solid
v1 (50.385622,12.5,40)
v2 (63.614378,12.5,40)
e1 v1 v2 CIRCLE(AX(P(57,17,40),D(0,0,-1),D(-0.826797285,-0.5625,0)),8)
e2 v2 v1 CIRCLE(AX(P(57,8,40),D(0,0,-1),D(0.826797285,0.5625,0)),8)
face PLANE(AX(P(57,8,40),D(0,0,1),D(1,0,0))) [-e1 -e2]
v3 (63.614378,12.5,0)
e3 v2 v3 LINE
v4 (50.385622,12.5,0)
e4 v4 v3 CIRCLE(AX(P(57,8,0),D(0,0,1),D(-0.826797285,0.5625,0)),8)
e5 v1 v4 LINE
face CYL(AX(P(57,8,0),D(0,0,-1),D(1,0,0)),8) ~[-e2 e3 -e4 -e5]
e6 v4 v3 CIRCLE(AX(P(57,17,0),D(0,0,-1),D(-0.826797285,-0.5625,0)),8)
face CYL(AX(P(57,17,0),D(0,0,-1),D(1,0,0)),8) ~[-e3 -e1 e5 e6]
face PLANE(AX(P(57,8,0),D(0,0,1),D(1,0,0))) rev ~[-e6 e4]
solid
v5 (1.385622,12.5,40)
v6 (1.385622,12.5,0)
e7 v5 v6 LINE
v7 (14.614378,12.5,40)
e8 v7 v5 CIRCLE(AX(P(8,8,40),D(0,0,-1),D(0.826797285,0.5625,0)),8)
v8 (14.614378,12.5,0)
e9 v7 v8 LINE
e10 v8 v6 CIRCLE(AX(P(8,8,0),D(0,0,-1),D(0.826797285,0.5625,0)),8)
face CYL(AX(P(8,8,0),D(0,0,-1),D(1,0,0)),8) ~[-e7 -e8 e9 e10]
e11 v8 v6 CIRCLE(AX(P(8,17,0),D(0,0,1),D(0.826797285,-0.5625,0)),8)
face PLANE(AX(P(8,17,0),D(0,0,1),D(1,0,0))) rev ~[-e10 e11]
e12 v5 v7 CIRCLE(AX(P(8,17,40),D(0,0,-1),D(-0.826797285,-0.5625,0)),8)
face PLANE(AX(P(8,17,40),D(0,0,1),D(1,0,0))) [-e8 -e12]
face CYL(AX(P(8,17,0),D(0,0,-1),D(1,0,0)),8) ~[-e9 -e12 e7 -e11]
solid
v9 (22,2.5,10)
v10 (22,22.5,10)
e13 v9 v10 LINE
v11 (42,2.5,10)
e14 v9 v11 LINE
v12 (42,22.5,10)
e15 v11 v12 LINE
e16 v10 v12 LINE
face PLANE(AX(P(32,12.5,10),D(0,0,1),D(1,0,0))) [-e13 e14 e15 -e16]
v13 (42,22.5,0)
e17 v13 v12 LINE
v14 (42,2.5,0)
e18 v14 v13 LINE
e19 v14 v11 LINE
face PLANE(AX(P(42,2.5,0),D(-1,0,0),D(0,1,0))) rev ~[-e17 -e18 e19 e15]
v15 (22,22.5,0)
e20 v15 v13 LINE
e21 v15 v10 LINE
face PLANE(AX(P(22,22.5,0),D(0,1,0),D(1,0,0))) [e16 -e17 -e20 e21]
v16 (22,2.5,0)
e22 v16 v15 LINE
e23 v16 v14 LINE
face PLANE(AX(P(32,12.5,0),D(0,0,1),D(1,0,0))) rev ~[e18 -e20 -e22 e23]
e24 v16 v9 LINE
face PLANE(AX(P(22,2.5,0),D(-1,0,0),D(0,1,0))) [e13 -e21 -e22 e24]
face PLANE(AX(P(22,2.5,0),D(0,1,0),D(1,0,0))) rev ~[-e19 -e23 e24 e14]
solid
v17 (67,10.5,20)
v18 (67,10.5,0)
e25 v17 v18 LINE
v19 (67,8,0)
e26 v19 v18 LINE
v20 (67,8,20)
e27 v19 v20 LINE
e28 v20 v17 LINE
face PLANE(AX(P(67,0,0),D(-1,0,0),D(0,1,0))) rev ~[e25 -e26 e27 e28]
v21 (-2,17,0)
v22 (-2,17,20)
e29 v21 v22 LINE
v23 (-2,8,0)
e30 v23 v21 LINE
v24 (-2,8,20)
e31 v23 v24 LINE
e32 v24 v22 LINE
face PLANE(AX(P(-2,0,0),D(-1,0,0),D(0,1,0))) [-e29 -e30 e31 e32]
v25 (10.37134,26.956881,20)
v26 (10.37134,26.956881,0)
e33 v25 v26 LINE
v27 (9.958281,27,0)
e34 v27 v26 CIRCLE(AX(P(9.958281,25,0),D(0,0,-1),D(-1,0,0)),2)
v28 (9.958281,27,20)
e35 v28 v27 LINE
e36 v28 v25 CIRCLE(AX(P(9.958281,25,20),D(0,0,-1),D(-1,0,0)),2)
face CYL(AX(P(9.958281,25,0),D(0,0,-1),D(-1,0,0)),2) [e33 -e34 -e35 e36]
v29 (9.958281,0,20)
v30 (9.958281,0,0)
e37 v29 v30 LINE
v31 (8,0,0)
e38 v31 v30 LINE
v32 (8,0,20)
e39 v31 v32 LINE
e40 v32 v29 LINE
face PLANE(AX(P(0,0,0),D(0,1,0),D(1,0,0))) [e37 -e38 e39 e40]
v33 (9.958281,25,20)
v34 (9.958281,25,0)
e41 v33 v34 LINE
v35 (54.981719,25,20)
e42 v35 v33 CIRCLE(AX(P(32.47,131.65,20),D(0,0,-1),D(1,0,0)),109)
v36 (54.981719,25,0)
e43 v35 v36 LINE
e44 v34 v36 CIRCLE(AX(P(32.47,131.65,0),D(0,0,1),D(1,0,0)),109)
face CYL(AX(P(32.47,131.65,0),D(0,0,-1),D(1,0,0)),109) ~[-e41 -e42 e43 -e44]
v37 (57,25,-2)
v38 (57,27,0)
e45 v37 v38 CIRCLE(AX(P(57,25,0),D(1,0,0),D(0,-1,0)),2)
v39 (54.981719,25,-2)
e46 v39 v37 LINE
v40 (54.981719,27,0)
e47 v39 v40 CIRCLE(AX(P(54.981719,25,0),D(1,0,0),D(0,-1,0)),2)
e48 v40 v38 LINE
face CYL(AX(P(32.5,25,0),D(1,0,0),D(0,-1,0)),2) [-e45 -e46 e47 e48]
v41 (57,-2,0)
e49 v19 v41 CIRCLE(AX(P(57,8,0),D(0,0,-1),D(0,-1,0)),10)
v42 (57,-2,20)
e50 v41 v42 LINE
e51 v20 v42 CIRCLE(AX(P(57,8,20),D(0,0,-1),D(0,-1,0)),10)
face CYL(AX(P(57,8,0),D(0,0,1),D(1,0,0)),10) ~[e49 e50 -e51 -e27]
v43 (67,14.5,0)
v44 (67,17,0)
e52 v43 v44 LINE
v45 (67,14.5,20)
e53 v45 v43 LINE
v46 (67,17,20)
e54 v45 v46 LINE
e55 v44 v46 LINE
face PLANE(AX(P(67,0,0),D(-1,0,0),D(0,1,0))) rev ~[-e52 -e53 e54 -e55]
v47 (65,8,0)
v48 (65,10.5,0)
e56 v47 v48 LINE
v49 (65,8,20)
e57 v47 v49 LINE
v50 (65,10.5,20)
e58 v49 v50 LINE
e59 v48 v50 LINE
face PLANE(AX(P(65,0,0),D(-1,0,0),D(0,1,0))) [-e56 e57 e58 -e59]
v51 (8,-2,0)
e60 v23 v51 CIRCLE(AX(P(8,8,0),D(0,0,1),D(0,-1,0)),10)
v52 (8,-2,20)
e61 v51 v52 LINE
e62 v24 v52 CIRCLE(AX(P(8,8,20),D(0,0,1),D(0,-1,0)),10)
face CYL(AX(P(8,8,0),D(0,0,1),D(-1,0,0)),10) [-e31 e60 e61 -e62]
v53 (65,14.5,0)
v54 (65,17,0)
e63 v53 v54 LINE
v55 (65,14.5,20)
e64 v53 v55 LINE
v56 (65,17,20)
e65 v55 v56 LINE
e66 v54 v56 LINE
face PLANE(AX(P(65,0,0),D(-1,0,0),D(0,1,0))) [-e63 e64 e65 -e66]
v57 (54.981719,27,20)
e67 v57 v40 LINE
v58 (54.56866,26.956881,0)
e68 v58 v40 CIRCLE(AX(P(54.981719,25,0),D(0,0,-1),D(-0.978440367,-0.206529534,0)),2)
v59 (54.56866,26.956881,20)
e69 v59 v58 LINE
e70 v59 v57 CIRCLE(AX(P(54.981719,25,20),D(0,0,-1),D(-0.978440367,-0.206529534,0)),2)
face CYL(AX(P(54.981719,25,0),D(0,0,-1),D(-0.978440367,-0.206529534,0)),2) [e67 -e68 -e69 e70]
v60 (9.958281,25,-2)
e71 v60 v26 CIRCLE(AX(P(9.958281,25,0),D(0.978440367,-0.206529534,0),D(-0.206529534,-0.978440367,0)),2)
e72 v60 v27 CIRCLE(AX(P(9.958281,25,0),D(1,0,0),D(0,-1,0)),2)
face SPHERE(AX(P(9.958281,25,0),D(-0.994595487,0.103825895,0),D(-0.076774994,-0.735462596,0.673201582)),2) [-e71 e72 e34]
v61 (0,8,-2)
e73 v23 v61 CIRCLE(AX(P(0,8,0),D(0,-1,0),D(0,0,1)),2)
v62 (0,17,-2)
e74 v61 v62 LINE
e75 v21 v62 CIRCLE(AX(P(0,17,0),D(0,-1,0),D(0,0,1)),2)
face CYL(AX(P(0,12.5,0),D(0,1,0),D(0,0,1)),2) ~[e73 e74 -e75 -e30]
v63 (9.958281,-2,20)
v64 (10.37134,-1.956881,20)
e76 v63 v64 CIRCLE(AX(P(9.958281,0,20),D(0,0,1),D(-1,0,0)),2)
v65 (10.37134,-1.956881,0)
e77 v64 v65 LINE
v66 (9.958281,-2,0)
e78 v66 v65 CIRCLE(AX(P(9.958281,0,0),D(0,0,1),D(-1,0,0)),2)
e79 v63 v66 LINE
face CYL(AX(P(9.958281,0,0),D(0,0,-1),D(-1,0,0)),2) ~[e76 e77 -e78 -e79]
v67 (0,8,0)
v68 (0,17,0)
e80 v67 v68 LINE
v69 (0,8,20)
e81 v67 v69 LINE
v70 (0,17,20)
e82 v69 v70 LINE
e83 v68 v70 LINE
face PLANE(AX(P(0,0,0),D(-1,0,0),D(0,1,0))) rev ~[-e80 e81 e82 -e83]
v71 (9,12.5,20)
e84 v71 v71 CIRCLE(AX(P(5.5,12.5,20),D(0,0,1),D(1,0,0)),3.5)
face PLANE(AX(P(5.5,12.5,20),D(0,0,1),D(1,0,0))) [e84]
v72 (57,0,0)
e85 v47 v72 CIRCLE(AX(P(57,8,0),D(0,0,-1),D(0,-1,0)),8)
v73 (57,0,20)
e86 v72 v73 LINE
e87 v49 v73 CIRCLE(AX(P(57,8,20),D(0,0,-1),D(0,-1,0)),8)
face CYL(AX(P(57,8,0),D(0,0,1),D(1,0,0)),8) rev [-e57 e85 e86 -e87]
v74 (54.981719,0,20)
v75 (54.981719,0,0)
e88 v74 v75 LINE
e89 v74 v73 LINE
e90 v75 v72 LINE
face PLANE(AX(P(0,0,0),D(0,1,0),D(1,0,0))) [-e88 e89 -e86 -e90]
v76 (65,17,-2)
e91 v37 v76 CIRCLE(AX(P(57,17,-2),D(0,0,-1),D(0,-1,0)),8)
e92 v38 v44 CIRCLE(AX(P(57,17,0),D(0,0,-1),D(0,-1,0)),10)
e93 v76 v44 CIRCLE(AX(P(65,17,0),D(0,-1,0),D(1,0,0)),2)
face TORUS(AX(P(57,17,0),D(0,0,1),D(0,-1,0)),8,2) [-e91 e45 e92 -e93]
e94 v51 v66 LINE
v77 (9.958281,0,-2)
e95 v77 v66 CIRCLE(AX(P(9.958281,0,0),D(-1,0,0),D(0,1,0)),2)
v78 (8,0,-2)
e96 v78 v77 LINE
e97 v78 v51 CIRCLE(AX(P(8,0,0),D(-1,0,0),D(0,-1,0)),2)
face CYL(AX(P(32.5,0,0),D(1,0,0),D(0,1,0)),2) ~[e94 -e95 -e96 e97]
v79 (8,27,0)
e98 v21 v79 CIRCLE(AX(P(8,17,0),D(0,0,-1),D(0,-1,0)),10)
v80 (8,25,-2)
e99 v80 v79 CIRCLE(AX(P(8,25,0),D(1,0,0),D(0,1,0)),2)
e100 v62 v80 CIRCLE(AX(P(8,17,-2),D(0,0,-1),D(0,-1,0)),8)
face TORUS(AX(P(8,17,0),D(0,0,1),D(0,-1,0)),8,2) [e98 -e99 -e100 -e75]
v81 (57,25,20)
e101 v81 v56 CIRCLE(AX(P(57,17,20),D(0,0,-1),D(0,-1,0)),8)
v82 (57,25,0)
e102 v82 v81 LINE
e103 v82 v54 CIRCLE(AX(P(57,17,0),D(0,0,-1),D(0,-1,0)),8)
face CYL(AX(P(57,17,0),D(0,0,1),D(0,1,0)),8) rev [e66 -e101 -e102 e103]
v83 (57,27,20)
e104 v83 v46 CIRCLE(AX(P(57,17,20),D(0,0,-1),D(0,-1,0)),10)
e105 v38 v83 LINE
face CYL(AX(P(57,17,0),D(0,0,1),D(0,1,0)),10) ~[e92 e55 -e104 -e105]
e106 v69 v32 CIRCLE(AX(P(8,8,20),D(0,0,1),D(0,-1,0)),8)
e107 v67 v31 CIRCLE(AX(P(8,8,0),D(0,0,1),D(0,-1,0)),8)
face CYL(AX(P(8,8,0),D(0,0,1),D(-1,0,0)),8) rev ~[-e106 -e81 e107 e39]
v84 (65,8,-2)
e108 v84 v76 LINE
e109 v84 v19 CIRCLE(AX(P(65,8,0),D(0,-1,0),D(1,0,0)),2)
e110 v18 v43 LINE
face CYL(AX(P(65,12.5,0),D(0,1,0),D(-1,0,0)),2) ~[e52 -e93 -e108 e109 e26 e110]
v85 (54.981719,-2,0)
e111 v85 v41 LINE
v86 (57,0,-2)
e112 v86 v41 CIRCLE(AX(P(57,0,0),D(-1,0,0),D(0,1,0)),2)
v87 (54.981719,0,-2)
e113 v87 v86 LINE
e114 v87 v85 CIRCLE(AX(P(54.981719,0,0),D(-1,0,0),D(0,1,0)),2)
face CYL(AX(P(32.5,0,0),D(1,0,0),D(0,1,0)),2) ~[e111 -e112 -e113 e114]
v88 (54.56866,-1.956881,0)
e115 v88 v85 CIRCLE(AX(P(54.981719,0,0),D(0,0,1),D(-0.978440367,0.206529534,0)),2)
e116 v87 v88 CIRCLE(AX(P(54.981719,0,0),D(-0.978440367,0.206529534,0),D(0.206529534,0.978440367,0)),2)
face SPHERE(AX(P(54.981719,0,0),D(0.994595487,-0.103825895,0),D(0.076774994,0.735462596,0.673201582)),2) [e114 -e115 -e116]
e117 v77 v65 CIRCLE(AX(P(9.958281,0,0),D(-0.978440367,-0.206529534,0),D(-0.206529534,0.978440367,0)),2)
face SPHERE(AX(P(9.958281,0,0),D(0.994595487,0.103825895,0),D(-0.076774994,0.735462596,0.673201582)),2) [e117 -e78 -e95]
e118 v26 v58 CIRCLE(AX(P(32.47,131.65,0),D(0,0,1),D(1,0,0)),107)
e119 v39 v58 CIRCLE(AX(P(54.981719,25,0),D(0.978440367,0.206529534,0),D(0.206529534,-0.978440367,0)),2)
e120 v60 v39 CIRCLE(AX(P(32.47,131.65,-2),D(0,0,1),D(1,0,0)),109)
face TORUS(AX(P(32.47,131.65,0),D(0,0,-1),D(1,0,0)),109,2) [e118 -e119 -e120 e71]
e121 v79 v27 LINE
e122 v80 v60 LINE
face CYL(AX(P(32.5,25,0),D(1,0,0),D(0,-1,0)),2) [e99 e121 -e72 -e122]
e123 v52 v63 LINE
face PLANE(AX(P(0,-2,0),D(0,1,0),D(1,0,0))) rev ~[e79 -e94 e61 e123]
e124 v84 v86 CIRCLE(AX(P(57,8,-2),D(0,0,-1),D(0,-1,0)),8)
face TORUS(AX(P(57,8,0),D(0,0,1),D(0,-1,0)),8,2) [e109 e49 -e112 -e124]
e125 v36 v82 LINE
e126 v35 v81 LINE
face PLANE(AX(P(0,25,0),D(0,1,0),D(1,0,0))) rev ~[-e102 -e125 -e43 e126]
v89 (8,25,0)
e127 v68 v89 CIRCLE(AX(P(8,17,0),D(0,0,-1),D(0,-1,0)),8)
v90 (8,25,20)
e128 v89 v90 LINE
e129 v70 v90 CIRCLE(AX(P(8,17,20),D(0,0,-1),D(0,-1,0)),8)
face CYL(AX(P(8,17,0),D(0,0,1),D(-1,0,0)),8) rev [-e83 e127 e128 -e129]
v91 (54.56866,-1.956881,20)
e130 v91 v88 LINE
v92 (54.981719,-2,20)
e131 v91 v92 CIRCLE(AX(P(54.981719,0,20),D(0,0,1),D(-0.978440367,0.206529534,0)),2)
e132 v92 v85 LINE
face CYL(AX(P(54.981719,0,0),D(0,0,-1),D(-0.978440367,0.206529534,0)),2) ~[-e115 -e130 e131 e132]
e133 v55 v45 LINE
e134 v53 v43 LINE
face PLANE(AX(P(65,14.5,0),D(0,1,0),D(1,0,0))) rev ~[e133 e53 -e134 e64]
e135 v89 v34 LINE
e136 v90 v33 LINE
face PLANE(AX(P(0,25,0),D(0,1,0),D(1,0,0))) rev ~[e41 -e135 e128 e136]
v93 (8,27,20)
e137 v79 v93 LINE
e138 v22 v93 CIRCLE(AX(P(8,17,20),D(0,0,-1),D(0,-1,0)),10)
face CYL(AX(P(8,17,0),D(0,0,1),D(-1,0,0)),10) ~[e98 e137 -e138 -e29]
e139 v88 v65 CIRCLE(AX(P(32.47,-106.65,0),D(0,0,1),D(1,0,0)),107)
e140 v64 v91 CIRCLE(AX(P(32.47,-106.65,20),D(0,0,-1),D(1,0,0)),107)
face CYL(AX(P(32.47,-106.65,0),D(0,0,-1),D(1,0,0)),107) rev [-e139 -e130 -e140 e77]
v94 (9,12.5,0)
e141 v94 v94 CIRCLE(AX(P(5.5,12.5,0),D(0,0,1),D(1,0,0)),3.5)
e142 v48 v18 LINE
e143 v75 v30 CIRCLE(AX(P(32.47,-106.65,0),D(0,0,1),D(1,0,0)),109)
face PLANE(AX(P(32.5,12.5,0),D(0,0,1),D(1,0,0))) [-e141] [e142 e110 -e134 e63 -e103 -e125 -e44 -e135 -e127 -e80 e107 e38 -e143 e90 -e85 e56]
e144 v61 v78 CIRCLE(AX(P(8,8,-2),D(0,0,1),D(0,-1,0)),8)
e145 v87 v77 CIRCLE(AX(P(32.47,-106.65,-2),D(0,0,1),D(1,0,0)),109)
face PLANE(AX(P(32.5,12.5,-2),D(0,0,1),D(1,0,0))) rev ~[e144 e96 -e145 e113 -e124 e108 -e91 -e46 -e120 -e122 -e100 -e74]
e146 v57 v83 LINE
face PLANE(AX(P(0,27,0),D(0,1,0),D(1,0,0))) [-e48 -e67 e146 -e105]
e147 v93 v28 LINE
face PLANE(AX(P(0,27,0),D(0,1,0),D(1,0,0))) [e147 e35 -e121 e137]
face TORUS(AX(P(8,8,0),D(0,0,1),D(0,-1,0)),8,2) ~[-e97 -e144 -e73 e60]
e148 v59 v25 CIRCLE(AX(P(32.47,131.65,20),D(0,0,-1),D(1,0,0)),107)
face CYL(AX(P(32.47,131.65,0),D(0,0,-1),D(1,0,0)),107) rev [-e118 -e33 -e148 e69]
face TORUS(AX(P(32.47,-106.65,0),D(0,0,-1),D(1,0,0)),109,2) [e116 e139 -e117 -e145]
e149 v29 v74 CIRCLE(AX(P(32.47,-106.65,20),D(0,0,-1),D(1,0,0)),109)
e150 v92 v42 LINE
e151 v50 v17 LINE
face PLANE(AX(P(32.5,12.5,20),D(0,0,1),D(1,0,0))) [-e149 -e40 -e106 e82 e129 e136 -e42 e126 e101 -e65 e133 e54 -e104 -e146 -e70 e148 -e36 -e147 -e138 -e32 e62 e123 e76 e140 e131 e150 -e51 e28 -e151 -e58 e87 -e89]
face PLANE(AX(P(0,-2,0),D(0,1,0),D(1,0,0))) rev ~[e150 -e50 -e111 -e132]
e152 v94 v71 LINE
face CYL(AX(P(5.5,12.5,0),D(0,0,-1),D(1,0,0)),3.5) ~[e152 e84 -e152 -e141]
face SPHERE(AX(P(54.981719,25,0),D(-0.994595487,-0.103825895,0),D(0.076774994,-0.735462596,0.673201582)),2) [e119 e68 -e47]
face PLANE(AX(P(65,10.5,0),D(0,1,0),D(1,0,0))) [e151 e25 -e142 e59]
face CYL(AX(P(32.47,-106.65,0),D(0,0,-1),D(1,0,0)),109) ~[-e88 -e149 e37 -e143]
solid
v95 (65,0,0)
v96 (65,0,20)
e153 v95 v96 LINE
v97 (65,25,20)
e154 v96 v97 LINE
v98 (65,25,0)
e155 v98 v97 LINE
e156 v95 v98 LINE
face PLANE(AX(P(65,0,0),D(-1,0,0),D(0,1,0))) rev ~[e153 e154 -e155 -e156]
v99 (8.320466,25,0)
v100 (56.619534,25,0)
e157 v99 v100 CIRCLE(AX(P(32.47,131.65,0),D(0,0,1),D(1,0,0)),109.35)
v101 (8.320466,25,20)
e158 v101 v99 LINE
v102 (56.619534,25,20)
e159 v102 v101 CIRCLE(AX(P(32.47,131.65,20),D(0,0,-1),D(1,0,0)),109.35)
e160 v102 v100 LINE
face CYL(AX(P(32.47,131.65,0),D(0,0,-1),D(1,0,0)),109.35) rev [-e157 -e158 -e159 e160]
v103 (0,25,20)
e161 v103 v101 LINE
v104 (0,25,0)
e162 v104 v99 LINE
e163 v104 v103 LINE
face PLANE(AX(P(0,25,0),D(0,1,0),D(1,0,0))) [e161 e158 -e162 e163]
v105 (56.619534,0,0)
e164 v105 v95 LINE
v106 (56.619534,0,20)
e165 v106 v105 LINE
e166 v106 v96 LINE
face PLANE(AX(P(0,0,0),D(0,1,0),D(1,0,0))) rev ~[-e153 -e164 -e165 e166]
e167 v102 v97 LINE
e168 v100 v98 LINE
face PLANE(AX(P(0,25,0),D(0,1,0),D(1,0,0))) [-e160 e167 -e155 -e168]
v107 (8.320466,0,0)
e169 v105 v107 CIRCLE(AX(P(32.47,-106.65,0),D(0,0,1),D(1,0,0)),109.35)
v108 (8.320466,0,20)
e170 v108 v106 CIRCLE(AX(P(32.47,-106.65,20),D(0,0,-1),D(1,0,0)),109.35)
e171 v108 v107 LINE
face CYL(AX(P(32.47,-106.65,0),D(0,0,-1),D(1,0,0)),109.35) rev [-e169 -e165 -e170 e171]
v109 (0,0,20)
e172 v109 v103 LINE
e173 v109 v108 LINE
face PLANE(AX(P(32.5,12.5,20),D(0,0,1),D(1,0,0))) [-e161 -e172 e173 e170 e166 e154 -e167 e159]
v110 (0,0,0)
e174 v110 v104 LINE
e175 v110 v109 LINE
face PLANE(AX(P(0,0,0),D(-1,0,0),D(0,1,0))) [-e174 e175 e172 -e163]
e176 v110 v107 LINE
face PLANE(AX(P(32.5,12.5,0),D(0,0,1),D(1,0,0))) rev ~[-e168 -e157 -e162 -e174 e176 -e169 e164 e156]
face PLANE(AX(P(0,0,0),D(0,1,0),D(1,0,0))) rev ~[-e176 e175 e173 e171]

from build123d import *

# Parameters (mm, degrees)
CYLINDER001_R     = 8
CYLINDER001_DEPTH = 40
CYLINDER_R        = 8
CYLINDER_DEPTH    = 40
CYLINDER003_R     = 8
CYLINDER003_DEPTH = 40
CYLINDER002_R     = 8
CYLINDER002_DEPTH = 40
CYLINDER007_R     = 109.35
CYLINDER007_DEPTH = 40
CYLINDER006_R     = 109.35
CYLINDER006_DEPTH = 40
BOX001_W          = 65
BOX001_H          = 25
BOX001_DEPTH      = 20
BOX003_W          = 20
BOX003_H          = 20
BOX003_DEPTH      = 10
CYLINDER008_R     = 3.5
CYLINDER008_DEPTH = 20
BOX002_W          = 5
BOX002_H          = 4
BOX002_DEPTH      = 20
CYLINDER004_R     = 109
CYLINDER004_DEPTH = 40
CYLINDER005_R     = 109
CYLINDER005_DEPTH = 40
BOX_W             = 65
BOX_H             = 25
BOX_DEPTH         = 20
FILLET_R          = 8
THICKNESS_T       = 2


with BuildPart() as cilindro_alto_izq:
    # Cylinder001 → Cylinder001 (new body)
    with BuildSketch(Plane(origin=(8, 17, 0), x_dir=(1, 0, 0), z_dir=(0, 0, 1))):
        Circle(CYLINDER001_R)
    extrude(amount=CYLINDER001_DEPTH)


with BuildPart() as fusion_cilindros_izq:
    # Cylinder → Cylinder (new body)
    with BuildSketch(Plane(origin=(8, 8, 0), x_dir=(1, 0, 0), z_dir=(0, 0, 1))):
        Circle(CYLINDER_R)
    extrude(amount=CYLINDER_DEPTH)

    # Fusion: union Cilindro_alto_izq
    add(cilindro_alto_izq.part)


with BuildPart() as cilindro_baj_der:
    # Cylinder003 → Cylinder003 (new body)
    with BuildSketch(Plane(origin=(57, 8, 0), x_dir=(1, 0, 0), z_dir=(0, 0, 1))):
        Circle(CYLINDER003_R)
    extrude(amount=CYLINDER003_DEPTH)


with BuildPart() as fusion_cilindros_derec:
    # Cylinder002 → Cylinder002 (new body)
    with BuildSketch(Plane(origin=(57, 17, 0), x_dir=(1, 0, 0), z_dir=(0, 0, 1))):
        Circle(CYLINDER002_R)
    extrude(amount=CYLINDER002_DEPTH)

    # Fusion001: union Cilindro_baj_der
    add(cilindro_baj_der.part)


with BuildPart() as cilindro_bajo_grande001:
    # Cylinder007 → Cylinder007 (new body)
    with BuildSketch(Plane(origin=(32.47, -106.65, 0), x_dir=(1, 0, 0), z_dir=(0, 0, 1))):
        Circle(CYLINDER007_R)
    extrude(amount=CYLINDER007_DEPTH)


with BuildPart() as cilindro_alto_grande001:
    # Cylinder006 → Cylinder006 (new body)
    with BuildSketch(Plane(origin=(32.47, 131.65, 0), x_dir=(1, 0, 0), z_dir=(0, 0, 1))):
        Circle(CYLINDER006_R)
    extrude(amount=CYLINDER006_DEPTH)


with BuildPart() as diferencia_curvas_superior_e_inferior001:
    # Box001 → Box001 (new body)
    with BuildSketch(Plane.XY):
        with Locations((32.5, 12.5)):
            Rectangle(BOX001_W, BOX001_H)
    extrude(amount=BOX001_DEPTH)

    # Cut002: cut Cilindro_Alto_grande001
    add(cilindro_alto_grande001.part, mode=Mode.SUBTRACT)

    # Cut003: cut Cilindro_Bajo_grande001
    add(cilindro_bajo_grande001.part, mode=Mode.SUBTRACT)


with BuildPart() as referencia_interior:
    # Box003 → Box003 (new body)
    with BuildSketch(Plane(origin=(22, 2.5, 0), x_dir=(1, 0, 0), z_dir=(0, 0, 1))):
        with Locations((10, 10)):
            Rectangle(BOX003_W, BOX003_H)
    extrude(amount=BOX003_DEPTH)


with BuildPart() as cilindro:
    # Cylinder008 → Cylinder008 (new body)
    with BuildSketch(Plane(origin=(5.5, 12.5, 0), x_dir=(1, 0, 0), z_dir=(0, 0, 1))):
        Circle(CYLINDER008_R)
    extrude(amount=CYLINDER008_DEPTH)


with BuildPart() as ranura:
    # Box002 → Box002 (new body)
    with BuildSketch(Plane(origin=(65, 10.5, 0), x_dir=(1, 0, 0), z_dir=(0, 0, 1))):
        with Locations((2.5, 2)):
            Rectangle(BOX002_W, BOX002_H)
    extrude(amount=BOX002_DEPTH)


with BuildPart() as cilindro_bajo_grande:
    # Cylinder004 → Cylinder004 (new body)
    with BuildSketch(Plane(origin=(32.47, -106.65, 0), x_dir=(1, 0, 0), z_dir=(0, 0, 1))):
        Circle(CYLINDER004_R)
    extrude(amount=CYLINDER004_DEPTH)


with BuildPart() as cilindro_alto_grande:
    # Cylinder005 → Cylinder005 (new body)
    with BuildSketch(Plane(origin=(32.47, 131.65, 0), x_dir=(1, 0, 0), z_dir=(0, 0, 1))):
        Circle(CYLINDER005_R)
    extrude(amount=CYLINDER005_DEPTH)


with BuildPart() as final_con_cilindro:
    # Box → Box (new body)
    with BuildSketch(Plane.XY):
        with Locations((32.5, 12.5)):
            Rectangle(BOX_W, BOX_H)
    extrude(amount=BOX_DEPTH)

    # Cut: cut Cilindro_Alto_grande
    add(cilindro_alto_grande.part, mode=Mode.SUBTRACT)

    # Cut001: cut Cilindro_Bajo_grande
    add(cilindro_bajo_grande.part, mode=Mode.SUBTRACT)

    # Fillet
    fillet_edges = [final_con_cilindro.edges().sort_by_distance(p)[0] for p in [
        (0, 0, 10),
        (0, 25, 10),
        (65, 25, 10),
        (65, 0, 10),
    ]]
    fillet(fillet_edges, radius=FILLET_R)

    # Thickness
    thickness_openings = [final_con_cilindro.faces().sort_by_distance(p)[0] for p in [
        (32.502969, 12.5, 20),
    ]]
    offset(amount=THICKNESS_T, openings=thickness_openings)

    # Cut004: cut ranura
    add(ranura.part, mode=Mode.SUBTRACT)

    # Fusion002: union Cilindro
    add(cilindro.part)


solid = Compound([fusion_cilindros_izq.part, fusion_cilindros_derec.part, diferencia_curvas_superior_e_inferior001.part, referencia_interior.part, final_con_cilindro.part])
